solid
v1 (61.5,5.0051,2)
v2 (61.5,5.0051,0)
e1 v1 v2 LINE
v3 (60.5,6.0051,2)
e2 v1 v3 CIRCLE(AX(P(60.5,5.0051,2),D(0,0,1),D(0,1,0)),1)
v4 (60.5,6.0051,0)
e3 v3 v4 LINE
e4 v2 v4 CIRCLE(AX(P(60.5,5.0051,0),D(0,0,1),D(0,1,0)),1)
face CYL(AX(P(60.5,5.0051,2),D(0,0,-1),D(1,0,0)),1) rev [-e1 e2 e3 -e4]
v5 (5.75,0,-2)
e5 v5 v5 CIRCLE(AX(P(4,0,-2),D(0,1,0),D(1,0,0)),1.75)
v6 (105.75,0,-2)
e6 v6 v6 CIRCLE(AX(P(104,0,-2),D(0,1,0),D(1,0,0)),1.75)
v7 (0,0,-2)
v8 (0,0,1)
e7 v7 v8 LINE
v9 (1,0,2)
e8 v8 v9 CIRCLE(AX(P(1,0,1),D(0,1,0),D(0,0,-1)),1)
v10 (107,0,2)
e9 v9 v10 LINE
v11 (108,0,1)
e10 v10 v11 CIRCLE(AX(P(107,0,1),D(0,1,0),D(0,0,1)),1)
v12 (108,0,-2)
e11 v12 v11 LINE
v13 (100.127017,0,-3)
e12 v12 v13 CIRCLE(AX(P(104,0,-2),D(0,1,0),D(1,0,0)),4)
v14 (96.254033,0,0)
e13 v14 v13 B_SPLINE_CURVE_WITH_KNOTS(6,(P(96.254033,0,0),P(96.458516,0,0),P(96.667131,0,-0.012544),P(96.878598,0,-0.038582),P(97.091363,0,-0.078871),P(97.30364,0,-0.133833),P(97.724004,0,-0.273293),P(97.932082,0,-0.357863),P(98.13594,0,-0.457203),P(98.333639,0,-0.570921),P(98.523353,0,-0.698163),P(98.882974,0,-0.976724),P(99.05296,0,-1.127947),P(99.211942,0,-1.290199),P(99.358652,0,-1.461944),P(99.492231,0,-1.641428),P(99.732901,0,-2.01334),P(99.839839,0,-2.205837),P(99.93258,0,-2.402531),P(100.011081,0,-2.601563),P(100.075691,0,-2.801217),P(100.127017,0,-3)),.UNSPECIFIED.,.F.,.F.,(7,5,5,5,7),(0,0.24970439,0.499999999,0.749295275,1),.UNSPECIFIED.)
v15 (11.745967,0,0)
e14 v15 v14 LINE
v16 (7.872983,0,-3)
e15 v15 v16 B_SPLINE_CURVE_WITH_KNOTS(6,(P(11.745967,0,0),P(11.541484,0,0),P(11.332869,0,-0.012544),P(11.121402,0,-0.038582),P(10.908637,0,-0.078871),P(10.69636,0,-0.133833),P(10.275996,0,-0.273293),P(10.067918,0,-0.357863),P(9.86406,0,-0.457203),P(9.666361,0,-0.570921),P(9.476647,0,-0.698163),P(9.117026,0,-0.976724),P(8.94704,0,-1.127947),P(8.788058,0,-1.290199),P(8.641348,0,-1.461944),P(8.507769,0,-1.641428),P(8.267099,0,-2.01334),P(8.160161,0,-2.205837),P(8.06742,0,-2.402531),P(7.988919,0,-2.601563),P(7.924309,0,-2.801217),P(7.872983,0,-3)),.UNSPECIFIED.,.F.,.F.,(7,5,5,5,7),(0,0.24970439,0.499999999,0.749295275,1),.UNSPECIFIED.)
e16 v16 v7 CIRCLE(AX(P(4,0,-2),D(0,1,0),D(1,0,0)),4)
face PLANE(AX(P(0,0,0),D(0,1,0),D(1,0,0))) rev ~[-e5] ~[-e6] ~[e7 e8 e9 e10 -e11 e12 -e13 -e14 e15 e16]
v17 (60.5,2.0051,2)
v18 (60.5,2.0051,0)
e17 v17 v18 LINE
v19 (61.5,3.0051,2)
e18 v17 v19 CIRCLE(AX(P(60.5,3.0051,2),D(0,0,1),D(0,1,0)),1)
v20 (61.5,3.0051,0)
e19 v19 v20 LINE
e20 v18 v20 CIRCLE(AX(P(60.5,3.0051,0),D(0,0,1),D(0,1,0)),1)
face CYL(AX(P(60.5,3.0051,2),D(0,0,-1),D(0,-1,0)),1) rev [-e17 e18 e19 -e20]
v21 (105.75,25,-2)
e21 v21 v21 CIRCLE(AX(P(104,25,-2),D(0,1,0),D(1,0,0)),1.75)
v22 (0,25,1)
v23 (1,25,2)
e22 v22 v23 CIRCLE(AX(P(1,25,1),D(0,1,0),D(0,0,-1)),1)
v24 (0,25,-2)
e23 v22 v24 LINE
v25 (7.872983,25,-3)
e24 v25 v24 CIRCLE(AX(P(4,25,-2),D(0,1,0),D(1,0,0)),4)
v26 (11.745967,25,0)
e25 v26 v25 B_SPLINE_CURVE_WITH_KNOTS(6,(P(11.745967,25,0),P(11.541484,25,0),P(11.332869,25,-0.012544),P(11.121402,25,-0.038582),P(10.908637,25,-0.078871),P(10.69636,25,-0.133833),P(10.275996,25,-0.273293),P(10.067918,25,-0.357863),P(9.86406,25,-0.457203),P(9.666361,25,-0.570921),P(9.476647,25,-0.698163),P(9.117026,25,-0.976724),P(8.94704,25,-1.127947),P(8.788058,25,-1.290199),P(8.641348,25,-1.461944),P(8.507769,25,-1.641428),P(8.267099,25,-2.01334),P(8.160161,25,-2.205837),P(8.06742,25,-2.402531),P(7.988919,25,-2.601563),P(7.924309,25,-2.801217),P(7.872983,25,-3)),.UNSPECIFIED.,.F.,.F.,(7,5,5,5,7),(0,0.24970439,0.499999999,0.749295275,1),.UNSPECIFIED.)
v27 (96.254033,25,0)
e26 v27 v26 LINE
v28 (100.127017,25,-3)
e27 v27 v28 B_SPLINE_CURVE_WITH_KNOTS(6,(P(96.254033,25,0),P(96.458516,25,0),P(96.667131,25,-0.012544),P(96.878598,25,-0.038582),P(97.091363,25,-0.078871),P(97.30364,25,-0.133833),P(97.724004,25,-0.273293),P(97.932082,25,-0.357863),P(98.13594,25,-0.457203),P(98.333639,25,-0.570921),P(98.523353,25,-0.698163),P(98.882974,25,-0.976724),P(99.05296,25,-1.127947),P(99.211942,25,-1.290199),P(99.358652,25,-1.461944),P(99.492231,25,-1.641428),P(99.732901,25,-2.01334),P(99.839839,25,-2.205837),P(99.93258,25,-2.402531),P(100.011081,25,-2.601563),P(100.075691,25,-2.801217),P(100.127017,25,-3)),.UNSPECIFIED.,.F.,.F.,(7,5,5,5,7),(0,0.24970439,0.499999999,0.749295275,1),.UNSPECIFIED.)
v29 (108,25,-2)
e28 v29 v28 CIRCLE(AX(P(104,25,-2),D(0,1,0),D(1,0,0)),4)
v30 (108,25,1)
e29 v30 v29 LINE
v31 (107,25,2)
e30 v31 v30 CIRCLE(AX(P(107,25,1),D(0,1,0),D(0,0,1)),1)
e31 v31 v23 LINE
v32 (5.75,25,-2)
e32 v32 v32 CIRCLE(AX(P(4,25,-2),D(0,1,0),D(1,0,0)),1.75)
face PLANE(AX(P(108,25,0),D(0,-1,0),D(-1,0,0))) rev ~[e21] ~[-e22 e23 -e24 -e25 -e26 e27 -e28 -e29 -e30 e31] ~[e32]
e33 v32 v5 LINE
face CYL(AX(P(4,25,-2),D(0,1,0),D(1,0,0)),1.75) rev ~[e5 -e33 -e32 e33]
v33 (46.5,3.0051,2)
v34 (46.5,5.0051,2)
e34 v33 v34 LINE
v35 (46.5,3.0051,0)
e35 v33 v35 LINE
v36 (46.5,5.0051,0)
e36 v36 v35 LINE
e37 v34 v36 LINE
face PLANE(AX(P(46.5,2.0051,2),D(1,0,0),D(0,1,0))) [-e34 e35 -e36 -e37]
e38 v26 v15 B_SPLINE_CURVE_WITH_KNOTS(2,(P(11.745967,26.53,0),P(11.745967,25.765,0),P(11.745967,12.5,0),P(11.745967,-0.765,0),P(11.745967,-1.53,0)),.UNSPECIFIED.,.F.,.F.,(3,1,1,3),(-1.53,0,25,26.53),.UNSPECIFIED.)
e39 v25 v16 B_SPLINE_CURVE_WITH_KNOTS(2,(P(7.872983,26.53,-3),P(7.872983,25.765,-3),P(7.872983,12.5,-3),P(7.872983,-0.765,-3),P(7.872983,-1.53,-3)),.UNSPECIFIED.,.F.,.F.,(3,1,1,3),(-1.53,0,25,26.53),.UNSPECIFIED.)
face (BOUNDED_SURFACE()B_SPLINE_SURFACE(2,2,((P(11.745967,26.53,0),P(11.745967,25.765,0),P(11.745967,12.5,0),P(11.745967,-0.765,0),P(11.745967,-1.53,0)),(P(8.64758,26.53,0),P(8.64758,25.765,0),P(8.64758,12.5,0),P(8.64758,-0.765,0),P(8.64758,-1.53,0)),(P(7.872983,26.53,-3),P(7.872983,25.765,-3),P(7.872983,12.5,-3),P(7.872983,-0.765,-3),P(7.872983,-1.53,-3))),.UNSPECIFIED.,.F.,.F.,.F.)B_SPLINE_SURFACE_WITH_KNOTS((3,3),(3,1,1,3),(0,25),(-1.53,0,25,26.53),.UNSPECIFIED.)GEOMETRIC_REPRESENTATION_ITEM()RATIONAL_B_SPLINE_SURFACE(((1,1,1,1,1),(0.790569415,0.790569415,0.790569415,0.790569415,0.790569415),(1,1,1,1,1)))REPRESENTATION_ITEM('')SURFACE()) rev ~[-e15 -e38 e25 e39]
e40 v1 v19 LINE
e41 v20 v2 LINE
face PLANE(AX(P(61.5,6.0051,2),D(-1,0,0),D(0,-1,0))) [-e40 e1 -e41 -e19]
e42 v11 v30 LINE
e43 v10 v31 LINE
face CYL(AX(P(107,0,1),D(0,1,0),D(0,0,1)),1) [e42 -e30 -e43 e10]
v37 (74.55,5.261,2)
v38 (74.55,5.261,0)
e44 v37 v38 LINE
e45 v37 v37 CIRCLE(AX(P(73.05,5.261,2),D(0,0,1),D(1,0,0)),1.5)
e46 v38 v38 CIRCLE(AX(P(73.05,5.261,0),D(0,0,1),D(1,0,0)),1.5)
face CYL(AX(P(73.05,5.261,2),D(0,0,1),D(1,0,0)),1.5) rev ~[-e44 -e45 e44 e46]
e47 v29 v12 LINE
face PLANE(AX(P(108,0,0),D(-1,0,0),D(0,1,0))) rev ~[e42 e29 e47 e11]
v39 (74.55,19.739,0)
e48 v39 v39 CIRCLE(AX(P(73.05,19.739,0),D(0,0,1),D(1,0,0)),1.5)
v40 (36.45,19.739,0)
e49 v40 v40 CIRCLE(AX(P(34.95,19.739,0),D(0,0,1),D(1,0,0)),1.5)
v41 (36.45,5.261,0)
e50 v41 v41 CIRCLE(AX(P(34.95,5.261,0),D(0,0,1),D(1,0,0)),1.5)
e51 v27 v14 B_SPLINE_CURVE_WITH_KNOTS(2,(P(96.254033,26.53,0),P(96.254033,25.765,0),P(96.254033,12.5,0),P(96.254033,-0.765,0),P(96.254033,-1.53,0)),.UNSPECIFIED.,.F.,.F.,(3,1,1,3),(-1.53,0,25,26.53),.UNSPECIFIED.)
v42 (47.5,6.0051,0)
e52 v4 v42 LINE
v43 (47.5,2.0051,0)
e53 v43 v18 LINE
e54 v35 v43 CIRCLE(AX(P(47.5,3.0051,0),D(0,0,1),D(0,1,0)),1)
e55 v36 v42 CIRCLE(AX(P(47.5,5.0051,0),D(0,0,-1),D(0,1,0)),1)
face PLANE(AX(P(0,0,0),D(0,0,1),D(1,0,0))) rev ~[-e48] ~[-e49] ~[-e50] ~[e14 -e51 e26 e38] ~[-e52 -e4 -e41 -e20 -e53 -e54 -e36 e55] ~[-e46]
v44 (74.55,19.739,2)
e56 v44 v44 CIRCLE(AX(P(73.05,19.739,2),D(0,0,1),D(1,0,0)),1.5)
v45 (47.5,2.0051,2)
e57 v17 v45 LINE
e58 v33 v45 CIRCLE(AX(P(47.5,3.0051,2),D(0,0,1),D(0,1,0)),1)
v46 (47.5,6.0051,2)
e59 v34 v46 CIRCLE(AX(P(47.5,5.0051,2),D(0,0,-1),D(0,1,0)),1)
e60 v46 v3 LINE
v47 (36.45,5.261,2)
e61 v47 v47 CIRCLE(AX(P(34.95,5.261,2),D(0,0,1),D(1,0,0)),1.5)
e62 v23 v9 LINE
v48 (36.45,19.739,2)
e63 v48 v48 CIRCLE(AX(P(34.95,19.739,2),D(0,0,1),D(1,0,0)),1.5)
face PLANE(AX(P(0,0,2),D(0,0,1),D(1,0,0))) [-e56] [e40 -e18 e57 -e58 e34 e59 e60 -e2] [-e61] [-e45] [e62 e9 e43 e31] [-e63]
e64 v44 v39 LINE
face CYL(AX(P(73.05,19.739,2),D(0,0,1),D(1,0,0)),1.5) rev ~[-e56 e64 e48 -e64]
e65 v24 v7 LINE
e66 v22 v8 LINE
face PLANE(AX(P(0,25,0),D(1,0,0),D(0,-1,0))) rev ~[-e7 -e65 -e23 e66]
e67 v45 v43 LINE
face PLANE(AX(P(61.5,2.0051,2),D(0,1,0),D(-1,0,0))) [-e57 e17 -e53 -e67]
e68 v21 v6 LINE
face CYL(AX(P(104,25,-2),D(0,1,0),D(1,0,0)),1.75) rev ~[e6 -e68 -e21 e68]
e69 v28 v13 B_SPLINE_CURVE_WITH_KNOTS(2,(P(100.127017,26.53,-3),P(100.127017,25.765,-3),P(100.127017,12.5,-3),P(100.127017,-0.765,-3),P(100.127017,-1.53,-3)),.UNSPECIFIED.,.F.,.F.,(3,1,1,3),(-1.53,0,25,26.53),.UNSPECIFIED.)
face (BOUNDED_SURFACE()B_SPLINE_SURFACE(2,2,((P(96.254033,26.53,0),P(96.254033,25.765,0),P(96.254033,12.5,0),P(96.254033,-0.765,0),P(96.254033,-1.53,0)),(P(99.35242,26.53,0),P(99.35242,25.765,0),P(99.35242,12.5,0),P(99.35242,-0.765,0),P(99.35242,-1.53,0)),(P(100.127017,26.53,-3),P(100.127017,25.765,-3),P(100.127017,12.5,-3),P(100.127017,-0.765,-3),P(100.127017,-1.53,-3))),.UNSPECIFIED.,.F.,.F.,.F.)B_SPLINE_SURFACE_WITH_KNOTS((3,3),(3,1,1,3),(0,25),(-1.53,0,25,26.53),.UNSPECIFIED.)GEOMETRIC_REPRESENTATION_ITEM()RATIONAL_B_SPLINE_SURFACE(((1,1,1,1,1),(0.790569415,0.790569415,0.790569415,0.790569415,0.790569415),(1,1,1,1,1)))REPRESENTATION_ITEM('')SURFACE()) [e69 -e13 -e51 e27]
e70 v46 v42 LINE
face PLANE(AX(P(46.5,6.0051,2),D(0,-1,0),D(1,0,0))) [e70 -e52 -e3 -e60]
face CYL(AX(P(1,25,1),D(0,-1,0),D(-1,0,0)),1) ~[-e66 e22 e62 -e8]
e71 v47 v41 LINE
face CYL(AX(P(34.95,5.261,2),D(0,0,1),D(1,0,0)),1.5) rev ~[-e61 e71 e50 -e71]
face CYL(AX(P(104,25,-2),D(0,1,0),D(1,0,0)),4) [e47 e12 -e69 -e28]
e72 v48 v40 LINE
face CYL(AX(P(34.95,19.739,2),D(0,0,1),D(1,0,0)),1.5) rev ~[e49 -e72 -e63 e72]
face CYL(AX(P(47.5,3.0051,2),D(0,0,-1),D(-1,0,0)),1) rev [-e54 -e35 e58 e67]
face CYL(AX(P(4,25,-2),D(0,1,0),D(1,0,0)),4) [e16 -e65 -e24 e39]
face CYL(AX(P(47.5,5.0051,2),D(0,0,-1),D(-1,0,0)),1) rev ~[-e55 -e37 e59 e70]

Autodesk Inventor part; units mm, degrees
ref_plane "YZ Plane" through (0, 0, 0) normal (1, 0, 0) x (0, 1, 0)
ref_plane "XZ Plane" through (0, 0, 0) normal (0, 1, 0) x (-1, 0, 0)
ref_plane "XY Plane" through (0, 0, 0) normal (0, 0, 1) x (1, 0, 0)
sketch "Skizze1" plane through (0, 0, 0) normal (0, 0, 1) x (1, 0, 0)
  line L0 (0, 0) -> (108, 0)
  line L1 (108, 0) -> (108, 25)
  line L2 (108, 25) -> (0, 25)
  line L3 (0, 25) -> (0, 0)
  dimension "d5" = 108
  dimension "d6" = 25
extrude "Extrusion1" add sketch "Skizze1" along normal blind 2
sketch "Skizze3" plane through (0, 25, 0) normal (0, 1, 0) x (1, 0, 0)
  circle A0 centre (4, 2) radius 1.75
  circle A1 centre (104, 2) radius 1.75
  line L0 (4, 2) -> (104, 2) construction
  line L1 (0, 0) -> (108, 0) construction
  line L2 (54, 0) -> (54, 2) construction
  line L3 (0, 0) -> (8, 0)
  line L4 (108, 0) -> (100, 0)
  line L5 (0, 0) -> (0, 2)
  line L6 (8, 2) -> (8, 0)
  line L7 (100, 2) -> (100, 0)
  line L8 (108, 0) -> (108, 2)
  arc A2 (8, 2) -> (0, 2) centre (4, 2) ccw
  arc A3 (108, 2) -> (100, 2) centre (104, 2) ccw
  dimension "d2" = 100
  dimension "d3" = 3.5
  dimension "d4" = 2
extrude "Extrusion2" add sketch "Skizze3" against normal up to surface (25 mm away)
sketch "Skizze4" plane through (0, 0, 2) normal (0, 0, 1) x (1, 0, 0)
  line L0 (34.95, 5.261) -> (73.05, 5.261) construction
  line L1 (73.05, 5.261) -> (73.05, 19.739) construction
  line L2 (73.05, 19.739) -> (34.95, 19.739) construction
  line L3 (34.95, 19.739) -> (34.95, 5.261) construction
  line L4 (108, 25) -> (0, 25) construction
  line L5 (54, 25) -> (54, 0) construction
  line L6 (0, 0) -> (108, 0) construction
  line L7 (0, 25) -> (0, 0) construction
  line L8 (0, 12.5) -> (108, 12.5) construction
  line L9 (108, 0) -> (108, 25) construction
  circle A0 centre (73.05, 19.739) radius 1.5
  circle A1 centre (34.95, 5.261) radius 1.5
  circle A2 centre (34.95, 19.739) radius 1.5
  circle A3 centre (73.05, 5.261) radius 1.5
  point P0 (54, 19.739)
  point P1 (73.05, 12.5)
  dimension "d12" = 38.1
  dimension "d13" = 14.478
  dimension "d14" = 3
extrude "Extrusion3" cut sketch "Skizze4" against normal blind 8
sketch "Skizze5" plane through (0, 0, 2) normal (0, 0, 1) x (1, 0, 0)
  line L0 (44.09, 22.4949) -> (0.91, 22.4949) construction
  line L1 (0.91, 22.4949) -> (0.91, 2.5051) construction
  line L2 (0.91, 2.5051) -> (44.09, 2.5051) construction
  line L3 (44.09, 2.5051) -> (44.09, 22.4949) construction
  line L4 (108, 25) -> (0, 25) construction
  line L5 (54, 25) -> (54, 0) construction
  line L6 (0, 0) -> (108, 0) construction
  line L7 (108, 0) -> (108, 25) construction
  line L8 (108, 12.5) -> (0, 12.5) construction
  line L9 (0, 25) -> (0, 0) construction
  line L10 (46.5, 6.0051) -> (61.5, 6.0051)
  line L11 (61.5, 6.0051) -> (61.5, 2.0051)
  line L12 (61.5, 2.0051) -> (46.5, 2.0051)
  line L13 (46.5, 2.0051) -> (46.5, 6.0051)
  point P0 (0.91, 12.5)
  point P1 (54, 6.0051)
  dimension "d17" = 43.18
  dimension "d18" = 19.9898
  dimension "d19" = 15
  dimension "d20" = 4
  dimension "d27" = 0.5
extrude "Extrusion4" cut sketch "Skizze5" against normal up to next
fillet "Rundung1" radius 1 4 edges at (46.5, 6.0051, 1) (61.5, 6.0051, 1) (61.5, 2.0051, 1) (46.5, 2.0051, 1)
fillet "Rundung2" radius 4 2 edges at (8, 12.5, 0) (100, 12.5, 0)
fillet "Rundung3" radius 1 2 edges at (0, 12.5, 2) (108, 12.5, 2)
properties part number "US Halterung hinten leicht" material "ABS-Kunststoff"
